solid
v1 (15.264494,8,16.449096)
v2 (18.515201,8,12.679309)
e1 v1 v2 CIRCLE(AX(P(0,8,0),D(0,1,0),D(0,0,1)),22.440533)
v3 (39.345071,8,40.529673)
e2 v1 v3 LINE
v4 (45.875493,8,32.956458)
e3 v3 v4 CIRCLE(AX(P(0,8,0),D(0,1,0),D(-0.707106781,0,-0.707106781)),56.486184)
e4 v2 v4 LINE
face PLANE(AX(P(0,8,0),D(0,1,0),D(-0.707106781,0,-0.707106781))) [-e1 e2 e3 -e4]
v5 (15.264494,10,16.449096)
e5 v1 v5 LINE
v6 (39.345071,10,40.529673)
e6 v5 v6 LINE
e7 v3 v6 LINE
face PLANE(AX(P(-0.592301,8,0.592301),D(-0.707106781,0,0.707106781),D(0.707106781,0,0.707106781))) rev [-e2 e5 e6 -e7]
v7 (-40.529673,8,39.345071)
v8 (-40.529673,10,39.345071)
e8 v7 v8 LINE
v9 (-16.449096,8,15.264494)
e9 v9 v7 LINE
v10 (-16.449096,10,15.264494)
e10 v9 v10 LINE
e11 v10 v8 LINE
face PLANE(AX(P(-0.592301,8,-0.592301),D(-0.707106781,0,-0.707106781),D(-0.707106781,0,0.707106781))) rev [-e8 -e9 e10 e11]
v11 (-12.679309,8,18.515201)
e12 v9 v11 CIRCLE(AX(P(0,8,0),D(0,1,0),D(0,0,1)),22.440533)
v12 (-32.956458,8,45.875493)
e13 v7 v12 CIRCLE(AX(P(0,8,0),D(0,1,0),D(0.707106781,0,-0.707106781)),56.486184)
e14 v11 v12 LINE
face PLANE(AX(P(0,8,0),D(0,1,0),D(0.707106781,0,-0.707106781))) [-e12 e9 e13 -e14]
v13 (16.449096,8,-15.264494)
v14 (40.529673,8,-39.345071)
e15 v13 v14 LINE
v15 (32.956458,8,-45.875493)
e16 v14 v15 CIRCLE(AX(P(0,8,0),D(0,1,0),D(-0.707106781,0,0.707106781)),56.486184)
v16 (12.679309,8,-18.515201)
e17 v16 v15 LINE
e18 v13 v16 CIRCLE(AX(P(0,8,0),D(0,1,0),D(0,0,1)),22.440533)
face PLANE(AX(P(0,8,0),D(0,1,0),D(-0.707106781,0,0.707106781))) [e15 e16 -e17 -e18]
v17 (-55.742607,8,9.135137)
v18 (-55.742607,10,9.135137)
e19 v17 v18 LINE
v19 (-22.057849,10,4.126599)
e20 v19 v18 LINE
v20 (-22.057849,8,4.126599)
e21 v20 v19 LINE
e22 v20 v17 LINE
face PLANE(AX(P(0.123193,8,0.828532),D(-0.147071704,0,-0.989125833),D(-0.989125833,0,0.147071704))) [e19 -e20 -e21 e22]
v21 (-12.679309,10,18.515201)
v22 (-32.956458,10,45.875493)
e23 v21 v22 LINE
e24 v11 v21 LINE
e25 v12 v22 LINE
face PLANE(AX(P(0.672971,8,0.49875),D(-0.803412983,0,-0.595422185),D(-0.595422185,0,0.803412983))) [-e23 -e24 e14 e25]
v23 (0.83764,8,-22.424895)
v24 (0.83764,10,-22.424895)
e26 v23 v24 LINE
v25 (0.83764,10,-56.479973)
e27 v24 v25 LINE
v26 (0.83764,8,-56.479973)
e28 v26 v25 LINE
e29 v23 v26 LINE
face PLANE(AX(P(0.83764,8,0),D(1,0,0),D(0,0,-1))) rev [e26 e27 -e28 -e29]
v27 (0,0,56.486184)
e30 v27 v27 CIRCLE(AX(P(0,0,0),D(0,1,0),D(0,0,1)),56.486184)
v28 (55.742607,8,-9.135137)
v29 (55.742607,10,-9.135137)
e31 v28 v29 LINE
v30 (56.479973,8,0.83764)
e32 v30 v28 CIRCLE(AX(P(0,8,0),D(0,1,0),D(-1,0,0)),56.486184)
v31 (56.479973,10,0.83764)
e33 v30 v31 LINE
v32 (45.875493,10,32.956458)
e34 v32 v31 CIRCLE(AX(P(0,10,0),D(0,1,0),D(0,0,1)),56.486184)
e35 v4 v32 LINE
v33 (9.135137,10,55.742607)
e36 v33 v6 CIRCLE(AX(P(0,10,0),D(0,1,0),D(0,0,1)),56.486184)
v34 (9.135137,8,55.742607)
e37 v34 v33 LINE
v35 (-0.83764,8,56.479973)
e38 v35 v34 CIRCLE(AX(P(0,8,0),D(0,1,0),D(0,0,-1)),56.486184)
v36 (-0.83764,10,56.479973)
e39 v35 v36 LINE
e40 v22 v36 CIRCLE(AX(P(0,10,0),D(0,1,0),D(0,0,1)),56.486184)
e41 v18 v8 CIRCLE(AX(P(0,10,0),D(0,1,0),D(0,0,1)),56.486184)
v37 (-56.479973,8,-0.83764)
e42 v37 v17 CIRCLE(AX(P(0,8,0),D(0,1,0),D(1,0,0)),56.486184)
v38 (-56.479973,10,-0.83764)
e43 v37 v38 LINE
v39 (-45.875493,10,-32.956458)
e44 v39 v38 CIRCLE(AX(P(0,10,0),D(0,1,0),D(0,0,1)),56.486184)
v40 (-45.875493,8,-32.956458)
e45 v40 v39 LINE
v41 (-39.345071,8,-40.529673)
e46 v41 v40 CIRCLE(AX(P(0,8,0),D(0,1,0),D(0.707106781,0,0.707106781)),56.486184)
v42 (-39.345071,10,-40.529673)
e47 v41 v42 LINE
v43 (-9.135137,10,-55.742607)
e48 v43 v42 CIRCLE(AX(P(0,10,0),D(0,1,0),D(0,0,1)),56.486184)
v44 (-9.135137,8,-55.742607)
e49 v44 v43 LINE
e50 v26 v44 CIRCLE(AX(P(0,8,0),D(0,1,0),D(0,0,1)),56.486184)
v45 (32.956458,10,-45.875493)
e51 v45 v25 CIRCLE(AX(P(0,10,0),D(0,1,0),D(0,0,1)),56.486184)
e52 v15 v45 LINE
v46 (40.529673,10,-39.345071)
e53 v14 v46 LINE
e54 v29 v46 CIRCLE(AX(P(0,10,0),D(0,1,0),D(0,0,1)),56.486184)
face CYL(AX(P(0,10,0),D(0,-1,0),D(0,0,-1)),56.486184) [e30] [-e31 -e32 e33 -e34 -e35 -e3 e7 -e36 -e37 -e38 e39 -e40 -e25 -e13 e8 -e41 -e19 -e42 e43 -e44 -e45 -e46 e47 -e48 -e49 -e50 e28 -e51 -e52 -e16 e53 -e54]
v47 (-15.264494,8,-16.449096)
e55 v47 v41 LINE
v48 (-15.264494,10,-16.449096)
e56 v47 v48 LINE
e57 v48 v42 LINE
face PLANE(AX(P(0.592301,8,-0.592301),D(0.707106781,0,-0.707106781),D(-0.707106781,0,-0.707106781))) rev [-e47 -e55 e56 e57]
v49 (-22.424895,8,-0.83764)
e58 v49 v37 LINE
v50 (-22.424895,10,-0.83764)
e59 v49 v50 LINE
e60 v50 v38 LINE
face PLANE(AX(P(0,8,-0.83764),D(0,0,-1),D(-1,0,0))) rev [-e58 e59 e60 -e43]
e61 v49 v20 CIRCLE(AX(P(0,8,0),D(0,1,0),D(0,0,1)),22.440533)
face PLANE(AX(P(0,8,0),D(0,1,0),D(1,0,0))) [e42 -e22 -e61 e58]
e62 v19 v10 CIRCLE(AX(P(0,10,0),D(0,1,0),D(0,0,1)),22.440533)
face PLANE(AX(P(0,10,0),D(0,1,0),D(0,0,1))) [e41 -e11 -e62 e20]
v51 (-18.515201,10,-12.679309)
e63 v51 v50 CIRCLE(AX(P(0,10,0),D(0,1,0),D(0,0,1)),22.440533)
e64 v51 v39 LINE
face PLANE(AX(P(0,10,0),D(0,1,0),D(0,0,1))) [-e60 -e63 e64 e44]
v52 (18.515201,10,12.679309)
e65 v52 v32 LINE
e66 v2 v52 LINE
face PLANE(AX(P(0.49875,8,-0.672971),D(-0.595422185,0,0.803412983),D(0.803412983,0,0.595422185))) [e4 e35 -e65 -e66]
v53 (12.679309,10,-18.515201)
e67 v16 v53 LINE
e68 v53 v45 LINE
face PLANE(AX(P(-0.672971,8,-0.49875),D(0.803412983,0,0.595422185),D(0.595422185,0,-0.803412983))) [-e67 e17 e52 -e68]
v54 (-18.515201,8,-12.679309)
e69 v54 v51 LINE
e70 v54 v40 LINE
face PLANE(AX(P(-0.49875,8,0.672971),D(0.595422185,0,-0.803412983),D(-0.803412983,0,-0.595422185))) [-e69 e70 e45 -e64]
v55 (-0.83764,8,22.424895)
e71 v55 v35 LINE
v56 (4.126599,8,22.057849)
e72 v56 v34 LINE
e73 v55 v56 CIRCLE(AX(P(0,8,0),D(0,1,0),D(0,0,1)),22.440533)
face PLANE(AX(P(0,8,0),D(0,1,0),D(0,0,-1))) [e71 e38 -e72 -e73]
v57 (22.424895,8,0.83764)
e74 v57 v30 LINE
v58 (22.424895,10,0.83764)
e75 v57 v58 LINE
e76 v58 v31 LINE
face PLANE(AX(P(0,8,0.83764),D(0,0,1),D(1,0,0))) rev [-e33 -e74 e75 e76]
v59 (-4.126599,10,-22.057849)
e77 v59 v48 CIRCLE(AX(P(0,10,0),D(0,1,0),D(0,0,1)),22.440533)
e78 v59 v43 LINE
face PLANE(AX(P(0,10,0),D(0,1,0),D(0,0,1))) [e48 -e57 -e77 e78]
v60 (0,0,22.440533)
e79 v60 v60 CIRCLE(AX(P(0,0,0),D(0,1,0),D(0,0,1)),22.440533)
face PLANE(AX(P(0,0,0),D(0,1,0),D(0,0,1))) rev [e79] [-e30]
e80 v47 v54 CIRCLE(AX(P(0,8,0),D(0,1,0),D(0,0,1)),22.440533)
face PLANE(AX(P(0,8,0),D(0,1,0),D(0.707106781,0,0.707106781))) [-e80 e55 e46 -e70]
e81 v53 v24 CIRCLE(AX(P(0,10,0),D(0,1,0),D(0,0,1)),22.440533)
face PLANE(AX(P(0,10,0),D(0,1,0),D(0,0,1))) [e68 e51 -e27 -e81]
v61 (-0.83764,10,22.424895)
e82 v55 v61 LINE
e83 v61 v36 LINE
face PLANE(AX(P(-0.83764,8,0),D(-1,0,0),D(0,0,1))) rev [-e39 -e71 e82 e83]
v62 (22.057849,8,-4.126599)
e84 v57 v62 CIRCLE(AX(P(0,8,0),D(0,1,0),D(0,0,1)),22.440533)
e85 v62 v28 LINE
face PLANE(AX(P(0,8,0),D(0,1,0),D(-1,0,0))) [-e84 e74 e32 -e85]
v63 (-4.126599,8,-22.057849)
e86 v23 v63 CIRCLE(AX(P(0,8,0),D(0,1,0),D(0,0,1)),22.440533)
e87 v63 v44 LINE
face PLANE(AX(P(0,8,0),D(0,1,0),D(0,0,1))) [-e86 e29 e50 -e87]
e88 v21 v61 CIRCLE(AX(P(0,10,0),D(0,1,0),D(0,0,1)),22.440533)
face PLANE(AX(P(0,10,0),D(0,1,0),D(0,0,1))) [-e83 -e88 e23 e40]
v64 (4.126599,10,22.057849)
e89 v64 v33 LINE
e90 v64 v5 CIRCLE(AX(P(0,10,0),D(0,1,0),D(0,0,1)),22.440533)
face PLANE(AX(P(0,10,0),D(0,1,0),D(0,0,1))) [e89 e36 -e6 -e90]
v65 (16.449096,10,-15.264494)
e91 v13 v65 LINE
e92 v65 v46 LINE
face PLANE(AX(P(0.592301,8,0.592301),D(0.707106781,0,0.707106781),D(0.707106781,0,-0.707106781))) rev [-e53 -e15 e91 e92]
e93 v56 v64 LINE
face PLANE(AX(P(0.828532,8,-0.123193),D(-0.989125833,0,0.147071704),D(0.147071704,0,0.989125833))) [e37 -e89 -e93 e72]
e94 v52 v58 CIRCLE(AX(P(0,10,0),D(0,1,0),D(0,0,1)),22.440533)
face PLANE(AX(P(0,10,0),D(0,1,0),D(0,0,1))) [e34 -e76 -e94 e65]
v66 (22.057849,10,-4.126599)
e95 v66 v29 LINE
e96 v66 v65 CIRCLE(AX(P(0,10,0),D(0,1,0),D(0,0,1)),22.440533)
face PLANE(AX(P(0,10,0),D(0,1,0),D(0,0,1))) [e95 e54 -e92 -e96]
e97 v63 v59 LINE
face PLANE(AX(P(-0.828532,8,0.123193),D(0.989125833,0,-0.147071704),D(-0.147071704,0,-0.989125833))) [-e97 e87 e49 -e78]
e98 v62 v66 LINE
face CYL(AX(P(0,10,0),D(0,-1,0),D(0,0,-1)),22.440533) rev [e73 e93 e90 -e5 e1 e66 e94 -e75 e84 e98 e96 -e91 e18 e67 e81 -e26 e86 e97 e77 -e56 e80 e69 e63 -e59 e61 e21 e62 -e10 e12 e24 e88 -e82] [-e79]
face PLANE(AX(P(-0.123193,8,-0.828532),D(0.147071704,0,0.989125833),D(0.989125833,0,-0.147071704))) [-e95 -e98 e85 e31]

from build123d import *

# Parameters (mm, degrees)
SKETCH1_R           = 56.486183981
SKETCH1_R_2         = 22.440533472
BOSS_EXTRUDE1_DEPTH = 10
CUT_EXTRUDE1_DEPTH  = 2
CIRPATTERN1_COUNT   = 8


with BuildPart() as part:
    # Sketch1 → Boss-Extrude1 (new body)
    with BuildSketch(Plane(origin=(0, 0, 0), x_dir=(1, 0, 0), z_dir=(0, 1, 0))):
        Circle(SKETCH1_R)
        Circle(SKETCH1_R_2, mode=Mode.SUBTRACT)
    extrude(amount=BOSS_EXTRUDE1_DEPTH)

    # Sketch2 → Cut-Extrude1 (cut)
    with BuildSketch(Plane(origin=(0, 10, 0), x_dir=(1, 0, 0), z_dir=(0, 1, 0))):
        with BuildLine():
            Line((-9.135137375, 55.742607096), (-1.420081042, 3.855253414))
            ThreePointArc((-1.420081042, 3.855253414), (-0.302945279, 4.097295841), (0.837640155, 4.022184484))
            Line((0.837640155, 4.022184484), (0.837640155, 56.479972908))
            ThreePointArc((0.837640155, 56.479972908), (-4.165098092, 56.332414635), (-9.135137375, 55.742607096))
        make_face()
    cut_extrude1 = extrude(amount=-CUT_EXTRUDE1_DEPTH, mode=Mode.SUBTRACT)

    # CirPattern1: Cut-Extrude1 ×8 about axis
    cirpattern1_axis = Axis((0, 0, 0), (0, 1, 0))
    for i in range(1, CIRPATTERN1_COUNT):
        add(cut_extrude1.rotate(cirpattern1_axis, i * 360 / CIRPATTERN1_COUNT), mode=Mode.SUBTRACT)


solid = part.part
